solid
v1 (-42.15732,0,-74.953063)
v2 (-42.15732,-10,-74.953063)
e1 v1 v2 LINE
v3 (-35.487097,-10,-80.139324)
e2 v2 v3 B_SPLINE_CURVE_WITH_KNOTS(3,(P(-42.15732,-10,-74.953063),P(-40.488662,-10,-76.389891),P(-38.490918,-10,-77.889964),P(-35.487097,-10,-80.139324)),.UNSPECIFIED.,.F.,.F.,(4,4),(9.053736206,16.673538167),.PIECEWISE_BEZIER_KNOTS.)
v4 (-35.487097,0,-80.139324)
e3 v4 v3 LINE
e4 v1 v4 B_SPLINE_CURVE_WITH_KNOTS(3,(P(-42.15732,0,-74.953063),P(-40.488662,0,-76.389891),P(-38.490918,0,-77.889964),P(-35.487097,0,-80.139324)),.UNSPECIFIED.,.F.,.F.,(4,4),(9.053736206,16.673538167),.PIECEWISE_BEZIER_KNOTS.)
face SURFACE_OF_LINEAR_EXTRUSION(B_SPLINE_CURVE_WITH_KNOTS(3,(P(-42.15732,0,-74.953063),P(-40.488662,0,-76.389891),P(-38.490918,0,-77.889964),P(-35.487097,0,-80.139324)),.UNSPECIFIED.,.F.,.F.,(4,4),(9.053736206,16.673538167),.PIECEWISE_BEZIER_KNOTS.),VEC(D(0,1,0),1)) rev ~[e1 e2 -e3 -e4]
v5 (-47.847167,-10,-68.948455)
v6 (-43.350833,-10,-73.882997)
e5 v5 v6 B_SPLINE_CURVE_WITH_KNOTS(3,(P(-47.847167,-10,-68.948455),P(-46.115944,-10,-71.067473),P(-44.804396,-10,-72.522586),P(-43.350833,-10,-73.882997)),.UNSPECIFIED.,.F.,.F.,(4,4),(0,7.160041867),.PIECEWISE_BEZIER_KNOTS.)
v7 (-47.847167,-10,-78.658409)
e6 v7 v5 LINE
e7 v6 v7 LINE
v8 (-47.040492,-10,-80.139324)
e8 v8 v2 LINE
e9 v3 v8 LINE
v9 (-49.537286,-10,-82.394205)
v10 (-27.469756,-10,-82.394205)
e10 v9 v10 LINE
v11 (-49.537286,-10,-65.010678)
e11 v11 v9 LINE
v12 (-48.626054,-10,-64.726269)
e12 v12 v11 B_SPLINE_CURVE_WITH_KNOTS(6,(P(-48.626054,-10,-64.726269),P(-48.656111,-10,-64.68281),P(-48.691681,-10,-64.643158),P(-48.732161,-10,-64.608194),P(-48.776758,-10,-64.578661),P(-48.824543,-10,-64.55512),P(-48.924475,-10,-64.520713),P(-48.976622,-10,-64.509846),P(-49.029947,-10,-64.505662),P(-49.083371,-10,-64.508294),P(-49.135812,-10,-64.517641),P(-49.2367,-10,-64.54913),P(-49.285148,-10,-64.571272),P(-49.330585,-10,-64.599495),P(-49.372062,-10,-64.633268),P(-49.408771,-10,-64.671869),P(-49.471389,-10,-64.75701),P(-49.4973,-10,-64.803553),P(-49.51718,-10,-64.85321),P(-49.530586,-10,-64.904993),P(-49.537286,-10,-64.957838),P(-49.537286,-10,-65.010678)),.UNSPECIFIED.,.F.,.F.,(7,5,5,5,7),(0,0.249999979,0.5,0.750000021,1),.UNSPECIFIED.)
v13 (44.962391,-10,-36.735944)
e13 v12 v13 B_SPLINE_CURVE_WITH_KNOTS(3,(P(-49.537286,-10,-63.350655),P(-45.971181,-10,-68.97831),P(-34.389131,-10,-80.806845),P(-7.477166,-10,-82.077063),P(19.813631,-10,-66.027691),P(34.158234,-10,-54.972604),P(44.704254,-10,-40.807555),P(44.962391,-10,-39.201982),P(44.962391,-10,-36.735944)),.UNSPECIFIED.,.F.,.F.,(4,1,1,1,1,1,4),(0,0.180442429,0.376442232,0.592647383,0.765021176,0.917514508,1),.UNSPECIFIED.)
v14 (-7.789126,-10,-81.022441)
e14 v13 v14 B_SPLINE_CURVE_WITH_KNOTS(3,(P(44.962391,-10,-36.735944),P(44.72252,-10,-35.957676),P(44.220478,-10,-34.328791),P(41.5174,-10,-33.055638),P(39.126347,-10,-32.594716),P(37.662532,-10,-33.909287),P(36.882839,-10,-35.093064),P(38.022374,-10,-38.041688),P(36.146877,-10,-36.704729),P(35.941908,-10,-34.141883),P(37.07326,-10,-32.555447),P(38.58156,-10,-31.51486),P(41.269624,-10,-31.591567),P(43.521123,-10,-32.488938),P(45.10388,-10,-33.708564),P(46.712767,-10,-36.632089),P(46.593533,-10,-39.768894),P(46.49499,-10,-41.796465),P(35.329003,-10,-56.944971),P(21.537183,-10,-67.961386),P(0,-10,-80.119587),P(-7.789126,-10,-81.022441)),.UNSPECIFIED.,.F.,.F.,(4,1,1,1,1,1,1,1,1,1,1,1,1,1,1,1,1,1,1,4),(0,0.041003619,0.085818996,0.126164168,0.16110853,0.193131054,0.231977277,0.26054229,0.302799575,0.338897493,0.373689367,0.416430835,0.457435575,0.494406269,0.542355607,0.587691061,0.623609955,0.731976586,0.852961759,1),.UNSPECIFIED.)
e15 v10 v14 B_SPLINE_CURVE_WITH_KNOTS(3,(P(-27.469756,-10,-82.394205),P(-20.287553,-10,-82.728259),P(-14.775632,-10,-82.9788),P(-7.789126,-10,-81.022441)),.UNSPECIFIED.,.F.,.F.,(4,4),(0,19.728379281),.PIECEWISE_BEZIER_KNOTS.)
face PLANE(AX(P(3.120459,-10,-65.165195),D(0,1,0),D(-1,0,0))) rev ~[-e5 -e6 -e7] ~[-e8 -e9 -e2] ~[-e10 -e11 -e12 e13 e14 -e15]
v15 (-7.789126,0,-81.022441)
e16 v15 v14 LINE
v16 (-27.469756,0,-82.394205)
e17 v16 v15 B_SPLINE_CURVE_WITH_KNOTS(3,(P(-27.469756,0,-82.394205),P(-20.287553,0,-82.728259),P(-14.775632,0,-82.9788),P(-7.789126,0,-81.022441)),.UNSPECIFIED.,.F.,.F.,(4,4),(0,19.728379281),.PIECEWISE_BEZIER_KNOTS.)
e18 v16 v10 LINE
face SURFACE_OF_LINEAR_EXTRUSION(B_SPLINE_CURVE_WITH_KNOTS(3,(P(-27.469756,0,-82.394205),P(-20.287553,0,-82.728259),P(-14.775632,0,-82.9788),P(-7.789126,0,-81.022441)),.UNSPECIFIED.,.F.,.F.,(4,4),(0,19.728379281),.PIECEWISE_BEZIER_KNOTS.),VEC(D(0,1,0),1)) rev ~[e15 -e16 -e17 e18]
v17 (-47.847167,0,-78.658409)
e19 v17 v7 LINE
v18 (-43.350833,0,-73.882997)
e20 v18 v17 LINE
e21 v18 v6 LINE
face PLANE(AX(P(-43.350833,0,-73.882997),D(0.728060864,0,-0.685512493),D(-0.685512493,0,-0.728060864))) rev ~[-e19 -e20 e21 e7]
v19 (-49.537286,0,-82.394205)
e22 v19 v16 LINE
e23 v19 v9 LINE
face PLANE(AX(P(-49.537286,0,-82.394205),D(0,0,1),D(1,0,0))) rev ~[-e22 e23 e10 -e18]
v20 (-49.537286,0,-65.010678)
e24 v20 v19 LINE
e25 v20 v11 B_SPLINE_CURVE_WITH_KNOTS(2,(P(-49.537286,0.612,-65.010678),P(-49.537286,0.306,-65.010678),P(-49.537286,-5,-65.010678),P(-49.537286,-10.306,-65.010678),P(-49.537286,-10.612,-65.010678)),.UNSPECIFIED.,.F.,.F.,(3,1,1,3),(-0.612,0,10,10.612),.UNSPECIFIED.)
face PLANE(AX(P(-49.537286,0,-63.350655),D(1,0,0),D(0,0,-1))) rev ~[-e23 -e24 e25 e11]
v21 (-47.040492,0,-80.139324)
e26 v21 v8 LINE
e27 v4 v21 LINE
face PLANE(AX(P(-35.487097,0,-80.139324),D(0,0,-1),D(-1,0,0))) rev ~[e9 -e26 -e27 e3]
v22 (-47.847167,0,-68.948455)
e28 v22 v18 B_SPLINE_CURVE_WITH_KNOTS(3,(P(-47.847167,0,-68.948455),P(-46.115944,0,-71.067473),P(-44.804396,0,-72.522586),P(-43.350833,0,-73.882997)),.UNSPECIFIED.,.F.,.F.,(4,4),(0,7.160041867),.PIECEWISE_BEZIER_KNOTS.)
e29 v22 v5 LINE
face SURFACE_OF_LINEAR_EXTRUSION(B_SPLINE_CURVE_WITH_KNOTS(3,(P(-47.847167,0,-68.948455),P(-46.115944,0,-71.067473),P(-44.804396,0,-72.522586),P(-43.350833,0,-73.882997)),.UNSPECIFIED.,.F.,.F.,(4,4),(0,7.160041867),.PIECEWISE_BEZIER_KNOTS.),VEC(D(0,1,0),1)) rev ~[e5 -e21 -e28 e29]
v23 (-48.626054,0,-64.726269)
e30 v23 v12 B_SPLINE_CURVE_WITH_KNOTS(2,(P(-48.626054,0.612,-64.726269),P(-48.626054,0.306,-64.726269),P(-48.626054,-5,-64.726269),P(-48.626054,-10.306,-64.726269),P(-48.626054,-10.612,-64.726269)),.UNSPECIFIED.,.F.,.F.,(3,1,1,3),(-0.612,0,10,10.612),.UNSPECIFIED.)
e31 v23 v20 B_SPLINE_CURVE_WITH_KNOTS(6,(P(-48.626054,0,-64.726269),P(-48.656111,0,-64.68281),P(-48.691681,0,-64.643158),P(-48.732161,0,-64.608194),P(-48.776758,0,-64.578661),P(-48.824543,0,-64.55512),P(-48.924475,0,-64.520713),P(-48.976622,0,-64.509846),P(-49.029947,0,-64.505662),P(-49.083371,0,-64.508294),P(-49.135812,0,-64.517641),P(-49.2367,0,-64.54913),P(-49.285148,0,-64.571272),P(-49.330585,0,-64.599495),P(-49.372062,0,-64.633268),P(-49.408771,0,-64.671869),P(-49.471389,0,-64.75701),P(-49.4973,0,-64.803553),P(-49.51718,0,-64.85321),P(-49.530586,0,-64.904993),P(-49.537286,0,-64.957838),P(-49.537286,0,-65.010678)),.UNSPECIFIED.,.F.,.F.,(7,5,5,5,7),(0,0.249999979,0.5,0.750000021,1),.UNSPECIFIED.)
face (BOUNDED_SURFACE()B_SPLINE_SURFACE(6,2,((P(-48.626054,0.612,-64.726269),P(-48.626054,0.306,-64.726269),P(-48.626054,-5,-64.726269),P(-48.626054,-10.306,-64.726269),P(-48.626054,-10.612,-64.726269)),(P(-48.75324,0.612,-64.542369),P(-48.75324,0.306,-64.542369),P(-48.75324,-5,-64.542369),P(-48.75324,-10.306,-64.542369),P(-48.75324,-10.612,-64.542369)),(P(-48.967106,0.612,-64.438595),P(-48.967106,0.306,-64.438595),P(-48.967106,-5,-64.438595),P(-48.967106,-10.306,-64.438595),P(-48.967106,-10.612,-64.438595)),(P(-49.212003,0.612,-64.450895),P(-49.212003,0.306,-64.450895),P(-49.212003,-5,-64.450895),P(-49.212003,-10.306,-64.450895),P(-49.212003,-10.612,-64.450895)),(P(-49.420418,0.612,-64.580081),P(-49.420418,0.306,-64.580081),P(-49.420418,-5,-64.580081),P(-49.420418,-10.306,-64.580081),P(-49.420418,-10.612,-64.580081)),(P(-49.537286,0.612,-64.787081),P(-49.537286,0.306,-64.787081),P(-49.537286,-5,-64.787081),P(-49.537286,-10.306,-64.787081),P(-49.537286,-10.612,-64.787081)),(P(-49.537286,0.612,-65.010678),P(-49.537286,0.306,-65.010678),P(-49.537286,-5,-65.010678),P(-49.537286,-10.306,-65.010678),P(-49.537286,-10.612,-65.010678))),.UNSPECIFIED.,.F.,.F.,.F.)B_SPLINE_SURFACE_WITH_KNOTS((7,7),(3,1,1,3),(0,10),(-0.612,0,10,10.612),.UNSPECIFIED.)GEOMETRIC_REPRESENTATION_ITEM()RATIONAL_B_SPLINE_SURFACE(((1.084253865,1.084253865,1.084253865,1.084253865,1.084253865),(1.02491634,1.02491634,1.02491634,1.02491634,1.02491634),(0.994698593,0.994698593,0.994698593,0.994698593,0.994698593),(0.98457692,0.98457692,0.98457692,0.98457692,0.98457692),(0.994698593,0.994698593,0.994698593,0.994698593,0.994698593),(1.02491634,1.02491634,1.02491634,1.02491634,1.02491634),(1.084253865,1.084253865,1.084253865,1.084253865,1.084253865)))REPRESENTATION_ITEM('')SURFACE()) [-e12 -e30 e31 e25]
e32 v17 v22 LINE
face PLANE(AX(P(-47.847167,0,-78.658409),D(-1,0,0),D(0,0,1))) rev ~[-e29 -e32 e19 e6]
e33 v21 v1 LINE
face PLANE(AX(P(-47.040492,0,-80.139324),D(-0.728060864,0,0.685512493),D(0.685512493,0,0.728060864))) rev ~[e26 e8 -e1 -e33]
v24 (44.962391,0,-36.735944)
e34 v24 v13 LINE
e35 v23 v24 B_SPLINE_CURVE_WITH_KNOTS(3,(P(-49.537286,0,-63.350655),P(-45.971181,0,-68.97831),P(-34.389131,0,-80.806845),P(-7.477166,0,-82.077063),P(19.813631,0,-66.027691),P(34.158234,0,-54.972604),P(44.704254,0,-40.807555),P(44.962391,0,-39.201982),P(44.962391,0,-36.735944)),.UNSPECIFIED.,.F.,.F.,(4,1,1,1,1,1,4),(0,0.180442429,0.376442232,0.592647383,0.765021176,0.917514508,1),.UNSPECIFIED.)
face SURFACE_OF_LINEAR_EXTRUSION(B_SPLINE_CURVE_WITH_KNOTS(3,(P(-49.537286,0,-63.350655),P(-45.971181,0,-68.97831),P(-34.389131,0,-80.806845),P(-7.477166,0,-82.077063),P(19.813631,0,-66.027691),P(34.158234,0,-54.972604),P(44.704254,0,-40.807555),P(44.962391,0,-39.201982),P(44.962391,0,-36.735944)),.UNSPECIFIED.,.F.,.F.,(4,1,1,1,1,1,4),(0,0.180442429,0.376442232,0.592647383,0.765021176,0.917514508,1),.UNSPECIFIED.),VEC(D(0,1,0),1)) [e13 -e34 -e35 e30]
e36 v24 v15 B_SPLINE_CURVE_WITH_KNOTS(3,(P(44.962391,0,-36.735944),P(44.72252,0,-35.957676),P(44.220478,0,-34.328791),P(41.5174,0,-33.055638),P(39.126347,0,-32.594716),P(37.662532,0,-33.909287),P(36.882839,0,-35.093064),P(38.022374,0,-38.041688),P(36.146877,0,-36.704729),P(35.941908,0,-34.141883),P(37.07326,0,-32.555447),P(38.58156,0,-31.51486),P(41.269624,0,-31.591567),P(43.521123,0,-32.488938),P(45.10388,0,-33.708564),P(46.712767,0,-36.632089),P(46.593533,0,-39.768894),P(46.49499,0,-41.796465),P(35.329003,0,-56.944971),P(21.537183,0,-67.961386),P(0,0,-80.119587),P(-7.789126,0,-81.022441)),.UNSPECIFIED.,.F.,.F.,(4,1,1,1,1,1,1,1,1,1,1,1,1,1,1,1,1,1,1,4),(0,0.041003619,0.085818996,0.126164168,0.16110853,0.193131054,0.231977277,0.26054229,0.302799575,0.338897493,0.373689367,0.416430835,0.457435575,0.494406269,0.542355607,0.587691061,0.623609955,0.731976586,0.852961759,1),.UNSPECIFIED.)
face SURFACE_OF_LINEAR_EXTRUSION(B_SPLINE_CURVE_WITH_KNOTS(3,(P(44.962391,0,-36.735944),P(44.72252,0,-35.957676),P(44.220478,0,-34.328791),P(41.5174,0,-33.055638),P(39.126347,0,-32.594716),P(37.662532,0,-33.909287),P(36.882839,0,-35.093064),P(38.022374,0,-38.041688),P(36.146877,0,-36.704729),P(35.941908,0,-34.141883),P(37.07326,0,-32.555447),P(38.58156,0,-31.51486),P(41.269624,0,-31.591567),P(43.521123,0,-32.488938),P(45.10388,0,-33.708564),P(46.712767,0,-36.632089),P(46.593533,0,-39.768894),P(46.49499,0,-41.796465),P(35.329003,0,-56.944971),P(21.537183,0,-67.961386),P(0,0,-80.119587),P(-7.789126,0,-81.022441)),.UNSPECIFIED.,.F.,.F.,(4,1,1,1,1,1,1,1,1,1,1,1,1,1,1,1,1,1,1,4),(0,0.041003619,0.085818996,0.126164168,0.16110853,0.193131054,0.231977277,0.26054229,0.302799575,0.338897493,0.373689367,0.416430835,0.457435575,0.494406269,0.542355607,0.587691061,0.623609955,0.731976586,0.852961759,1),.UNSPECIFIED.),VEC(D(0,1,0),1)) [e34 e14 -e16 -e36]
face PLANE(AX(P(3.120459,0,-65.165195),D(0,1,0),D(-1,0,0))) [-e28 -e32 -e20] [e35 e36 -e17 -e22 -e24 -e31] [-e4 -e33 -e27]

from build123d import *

# Parameters (mm, degrees)
F1_DEPTH = 10
F2_R     = 0.5


with BuildPart() as f1:
    # F0 (on Front) → F1 (new body)
    with BuildSketch(Plane.XZ):
        with BuildLine():
            add(Edge.make_bspline(
                [(-49.5372861624, -63.3506551385), (-45.9711812437, -68.9783096313), (-34.3891312467, -80.8068452574), (-7.4771664369, -82.0770632271), (19.8136309241, -66.0276906257), (34.1582339964, -54.972603579), (44.704253935, -40.8075554948), (44.9623912573, -39.2019823194), (44.9623912573, -36.7359444499)],
                knots=[0, 0, 0, 0, 0.1804424287, 0.3764422318, 0.5926473832, 0.7650211756, 0.9175145081, 1, 1, 1, 1], degree=3))
            Line((-49.5372861624, -63.3506551385), (-49.5372861624, -82.3942050338))
            Line((-49.5372861624, -82.3942050338), (-27.4697560817, -82.3942050338))
            add(Edge.make_bspline(
                [(-27.4697560817, -82.3942050338), (-20.2875528485, -82.7282592654), (-14.7756319493, -82.9787999392), (-7.789125666, -81.0224413872)],
                knots=[0, 0, 0, 0, 19.7283792811, 19.7283792811, 19.7283792811, 19.7283792811], degree=3))
            add(Edge.make_bspline(
                [(44.9623912573, -36.7359444499), (44.7225196199, -35.9576764429), (44.2204775105, -34.3287914439), (41.5174001013, -33.0556377763), (39.1263474952, -32.5947156876), (37.6625317005, -33.9092874197), (36.8828394431, -35.0930642768), (38.0223737466, -38.0416882903), (36.1468771987, -36.704729477), (35.9419076494, -34.1418832649), (37.073259725, -32.5554470337), (38.5815600447, -31.5148595343), (41.269623617, -31.591566979), (43.5211229907, -32.4889378286), (45.1038800008, -33.7085644705), (46.7127667446, -36.6320892502), (46.593533137, -39.768893845), (46.4949896463, -41.7964651413), (35.3290028327, -56.9449708658), (21.5371832683, -67.9613858584), (0, -80.119587481), (-7.789125666, -81.0224413872)],
                knots=[0, 0, 0, 0, 0.0410036186, 0.0858189963, 0.1261641675, 0.1611085302, 0.1931310538, 0.231977277, 0.26054229, 0.302799575, 0.338897493, 0.3736893675, 0.4164308355, 0.4574355751, 0.4944062687, 0.5423556073, 0.5876910609, 0.6236099552, 0.7319765857, 0.8529617587, 1, 1, 1, 1], degree=3))
        make_face()
        with BuildLine():
            Line((-47.8471666574, -78.6584094167), (-47.8471666574, -68.9484551549))
            add(Edge.make_bspline(
                [(-47.8471666574, -68.9484551549), (-46.1159435631, -71.0674730926), (-44.804396005, -72.5225857668), (-43.3508326202, -73.882997036)],
                knots=[0, 0, 0, 0, 7.1600418666, 7.1600418666, 7.1600418666, 7.1600418666], degree=3))
            add(Edge.make_bspline(
                [(-43.3508326202, -73.882997036), (-42.9663928635, -74.2427998371), (-42.5720190787, -74.5959782608), (-42.1573197068, -74.953062851)],
                knots=[7.1600418666, 7.1600418666, 7.1600418666, 7.1600418666, 9.0537362059, 9.0537362059, 9.0537362059, 9.0537362059], degree=3))
            add(Edge.make_bspline(
                [(-42.1573197068, -74.953062851), (-40.4886622993, -76.3898912787), (-38.4909179095, -77.8899635625), (-35.4870967567, -80.139324069)],
                knots=[9.0537362059, 9.0537362059, 9.0537362059, 9.0537362059, 16.6735381669, 16.6735381669, 16.6735381669, 16.6735381669], degree=3))
            Line((-35.4870967567, -80.139324069), (-47.0404922962, -80.139324069))
            Line((-47.0404922962, -80.139324069), (-47.8471666574, -80.139324069))
            Line((-47.8471666574, -80.139324069), (-47.8471666574, -78.6584094167))
        make_face(mode=Mode.SUBTRACT)
        with BuildLine():
            Line((-43.3508326202, -73.882997036), (-47.8471666574, -78.6584094167))
            Line((-47.8471666574, -78.6584094167), (-47.8471666574, -80.139324069))
            Line((-47.8471666574, -80.139324069), (-47.0404922962, -80.139324069))
            Line((-47.0404922962, -80.139324069), (-42.1573197068, -74.953062851))
            add(Edge.make_bspline(
                [(-43.3508326202, -73.882997036), (-42.9663928635, -74.2427998371), (-42.5720190787, -74.5959782608), (-42.1573197068, -74.953062851)],
                knots=[7.1600418666, 7.1600418666, 7.1600418666, 7.1600418666, 9.0537362059, 9.0537362059, 9.0537362059, 9.0537362059], degree=3))
        make_face()
    extrude(amount=F1_DEPTH)

    # F2
    f2_edges = [f1.edges().sort_by_distance(p)[0] for p in [
        (-49.537286, -5, -63.350655),
    ]]
    fillet(f2_edges, radius=F2_R)


solid = f1.part
